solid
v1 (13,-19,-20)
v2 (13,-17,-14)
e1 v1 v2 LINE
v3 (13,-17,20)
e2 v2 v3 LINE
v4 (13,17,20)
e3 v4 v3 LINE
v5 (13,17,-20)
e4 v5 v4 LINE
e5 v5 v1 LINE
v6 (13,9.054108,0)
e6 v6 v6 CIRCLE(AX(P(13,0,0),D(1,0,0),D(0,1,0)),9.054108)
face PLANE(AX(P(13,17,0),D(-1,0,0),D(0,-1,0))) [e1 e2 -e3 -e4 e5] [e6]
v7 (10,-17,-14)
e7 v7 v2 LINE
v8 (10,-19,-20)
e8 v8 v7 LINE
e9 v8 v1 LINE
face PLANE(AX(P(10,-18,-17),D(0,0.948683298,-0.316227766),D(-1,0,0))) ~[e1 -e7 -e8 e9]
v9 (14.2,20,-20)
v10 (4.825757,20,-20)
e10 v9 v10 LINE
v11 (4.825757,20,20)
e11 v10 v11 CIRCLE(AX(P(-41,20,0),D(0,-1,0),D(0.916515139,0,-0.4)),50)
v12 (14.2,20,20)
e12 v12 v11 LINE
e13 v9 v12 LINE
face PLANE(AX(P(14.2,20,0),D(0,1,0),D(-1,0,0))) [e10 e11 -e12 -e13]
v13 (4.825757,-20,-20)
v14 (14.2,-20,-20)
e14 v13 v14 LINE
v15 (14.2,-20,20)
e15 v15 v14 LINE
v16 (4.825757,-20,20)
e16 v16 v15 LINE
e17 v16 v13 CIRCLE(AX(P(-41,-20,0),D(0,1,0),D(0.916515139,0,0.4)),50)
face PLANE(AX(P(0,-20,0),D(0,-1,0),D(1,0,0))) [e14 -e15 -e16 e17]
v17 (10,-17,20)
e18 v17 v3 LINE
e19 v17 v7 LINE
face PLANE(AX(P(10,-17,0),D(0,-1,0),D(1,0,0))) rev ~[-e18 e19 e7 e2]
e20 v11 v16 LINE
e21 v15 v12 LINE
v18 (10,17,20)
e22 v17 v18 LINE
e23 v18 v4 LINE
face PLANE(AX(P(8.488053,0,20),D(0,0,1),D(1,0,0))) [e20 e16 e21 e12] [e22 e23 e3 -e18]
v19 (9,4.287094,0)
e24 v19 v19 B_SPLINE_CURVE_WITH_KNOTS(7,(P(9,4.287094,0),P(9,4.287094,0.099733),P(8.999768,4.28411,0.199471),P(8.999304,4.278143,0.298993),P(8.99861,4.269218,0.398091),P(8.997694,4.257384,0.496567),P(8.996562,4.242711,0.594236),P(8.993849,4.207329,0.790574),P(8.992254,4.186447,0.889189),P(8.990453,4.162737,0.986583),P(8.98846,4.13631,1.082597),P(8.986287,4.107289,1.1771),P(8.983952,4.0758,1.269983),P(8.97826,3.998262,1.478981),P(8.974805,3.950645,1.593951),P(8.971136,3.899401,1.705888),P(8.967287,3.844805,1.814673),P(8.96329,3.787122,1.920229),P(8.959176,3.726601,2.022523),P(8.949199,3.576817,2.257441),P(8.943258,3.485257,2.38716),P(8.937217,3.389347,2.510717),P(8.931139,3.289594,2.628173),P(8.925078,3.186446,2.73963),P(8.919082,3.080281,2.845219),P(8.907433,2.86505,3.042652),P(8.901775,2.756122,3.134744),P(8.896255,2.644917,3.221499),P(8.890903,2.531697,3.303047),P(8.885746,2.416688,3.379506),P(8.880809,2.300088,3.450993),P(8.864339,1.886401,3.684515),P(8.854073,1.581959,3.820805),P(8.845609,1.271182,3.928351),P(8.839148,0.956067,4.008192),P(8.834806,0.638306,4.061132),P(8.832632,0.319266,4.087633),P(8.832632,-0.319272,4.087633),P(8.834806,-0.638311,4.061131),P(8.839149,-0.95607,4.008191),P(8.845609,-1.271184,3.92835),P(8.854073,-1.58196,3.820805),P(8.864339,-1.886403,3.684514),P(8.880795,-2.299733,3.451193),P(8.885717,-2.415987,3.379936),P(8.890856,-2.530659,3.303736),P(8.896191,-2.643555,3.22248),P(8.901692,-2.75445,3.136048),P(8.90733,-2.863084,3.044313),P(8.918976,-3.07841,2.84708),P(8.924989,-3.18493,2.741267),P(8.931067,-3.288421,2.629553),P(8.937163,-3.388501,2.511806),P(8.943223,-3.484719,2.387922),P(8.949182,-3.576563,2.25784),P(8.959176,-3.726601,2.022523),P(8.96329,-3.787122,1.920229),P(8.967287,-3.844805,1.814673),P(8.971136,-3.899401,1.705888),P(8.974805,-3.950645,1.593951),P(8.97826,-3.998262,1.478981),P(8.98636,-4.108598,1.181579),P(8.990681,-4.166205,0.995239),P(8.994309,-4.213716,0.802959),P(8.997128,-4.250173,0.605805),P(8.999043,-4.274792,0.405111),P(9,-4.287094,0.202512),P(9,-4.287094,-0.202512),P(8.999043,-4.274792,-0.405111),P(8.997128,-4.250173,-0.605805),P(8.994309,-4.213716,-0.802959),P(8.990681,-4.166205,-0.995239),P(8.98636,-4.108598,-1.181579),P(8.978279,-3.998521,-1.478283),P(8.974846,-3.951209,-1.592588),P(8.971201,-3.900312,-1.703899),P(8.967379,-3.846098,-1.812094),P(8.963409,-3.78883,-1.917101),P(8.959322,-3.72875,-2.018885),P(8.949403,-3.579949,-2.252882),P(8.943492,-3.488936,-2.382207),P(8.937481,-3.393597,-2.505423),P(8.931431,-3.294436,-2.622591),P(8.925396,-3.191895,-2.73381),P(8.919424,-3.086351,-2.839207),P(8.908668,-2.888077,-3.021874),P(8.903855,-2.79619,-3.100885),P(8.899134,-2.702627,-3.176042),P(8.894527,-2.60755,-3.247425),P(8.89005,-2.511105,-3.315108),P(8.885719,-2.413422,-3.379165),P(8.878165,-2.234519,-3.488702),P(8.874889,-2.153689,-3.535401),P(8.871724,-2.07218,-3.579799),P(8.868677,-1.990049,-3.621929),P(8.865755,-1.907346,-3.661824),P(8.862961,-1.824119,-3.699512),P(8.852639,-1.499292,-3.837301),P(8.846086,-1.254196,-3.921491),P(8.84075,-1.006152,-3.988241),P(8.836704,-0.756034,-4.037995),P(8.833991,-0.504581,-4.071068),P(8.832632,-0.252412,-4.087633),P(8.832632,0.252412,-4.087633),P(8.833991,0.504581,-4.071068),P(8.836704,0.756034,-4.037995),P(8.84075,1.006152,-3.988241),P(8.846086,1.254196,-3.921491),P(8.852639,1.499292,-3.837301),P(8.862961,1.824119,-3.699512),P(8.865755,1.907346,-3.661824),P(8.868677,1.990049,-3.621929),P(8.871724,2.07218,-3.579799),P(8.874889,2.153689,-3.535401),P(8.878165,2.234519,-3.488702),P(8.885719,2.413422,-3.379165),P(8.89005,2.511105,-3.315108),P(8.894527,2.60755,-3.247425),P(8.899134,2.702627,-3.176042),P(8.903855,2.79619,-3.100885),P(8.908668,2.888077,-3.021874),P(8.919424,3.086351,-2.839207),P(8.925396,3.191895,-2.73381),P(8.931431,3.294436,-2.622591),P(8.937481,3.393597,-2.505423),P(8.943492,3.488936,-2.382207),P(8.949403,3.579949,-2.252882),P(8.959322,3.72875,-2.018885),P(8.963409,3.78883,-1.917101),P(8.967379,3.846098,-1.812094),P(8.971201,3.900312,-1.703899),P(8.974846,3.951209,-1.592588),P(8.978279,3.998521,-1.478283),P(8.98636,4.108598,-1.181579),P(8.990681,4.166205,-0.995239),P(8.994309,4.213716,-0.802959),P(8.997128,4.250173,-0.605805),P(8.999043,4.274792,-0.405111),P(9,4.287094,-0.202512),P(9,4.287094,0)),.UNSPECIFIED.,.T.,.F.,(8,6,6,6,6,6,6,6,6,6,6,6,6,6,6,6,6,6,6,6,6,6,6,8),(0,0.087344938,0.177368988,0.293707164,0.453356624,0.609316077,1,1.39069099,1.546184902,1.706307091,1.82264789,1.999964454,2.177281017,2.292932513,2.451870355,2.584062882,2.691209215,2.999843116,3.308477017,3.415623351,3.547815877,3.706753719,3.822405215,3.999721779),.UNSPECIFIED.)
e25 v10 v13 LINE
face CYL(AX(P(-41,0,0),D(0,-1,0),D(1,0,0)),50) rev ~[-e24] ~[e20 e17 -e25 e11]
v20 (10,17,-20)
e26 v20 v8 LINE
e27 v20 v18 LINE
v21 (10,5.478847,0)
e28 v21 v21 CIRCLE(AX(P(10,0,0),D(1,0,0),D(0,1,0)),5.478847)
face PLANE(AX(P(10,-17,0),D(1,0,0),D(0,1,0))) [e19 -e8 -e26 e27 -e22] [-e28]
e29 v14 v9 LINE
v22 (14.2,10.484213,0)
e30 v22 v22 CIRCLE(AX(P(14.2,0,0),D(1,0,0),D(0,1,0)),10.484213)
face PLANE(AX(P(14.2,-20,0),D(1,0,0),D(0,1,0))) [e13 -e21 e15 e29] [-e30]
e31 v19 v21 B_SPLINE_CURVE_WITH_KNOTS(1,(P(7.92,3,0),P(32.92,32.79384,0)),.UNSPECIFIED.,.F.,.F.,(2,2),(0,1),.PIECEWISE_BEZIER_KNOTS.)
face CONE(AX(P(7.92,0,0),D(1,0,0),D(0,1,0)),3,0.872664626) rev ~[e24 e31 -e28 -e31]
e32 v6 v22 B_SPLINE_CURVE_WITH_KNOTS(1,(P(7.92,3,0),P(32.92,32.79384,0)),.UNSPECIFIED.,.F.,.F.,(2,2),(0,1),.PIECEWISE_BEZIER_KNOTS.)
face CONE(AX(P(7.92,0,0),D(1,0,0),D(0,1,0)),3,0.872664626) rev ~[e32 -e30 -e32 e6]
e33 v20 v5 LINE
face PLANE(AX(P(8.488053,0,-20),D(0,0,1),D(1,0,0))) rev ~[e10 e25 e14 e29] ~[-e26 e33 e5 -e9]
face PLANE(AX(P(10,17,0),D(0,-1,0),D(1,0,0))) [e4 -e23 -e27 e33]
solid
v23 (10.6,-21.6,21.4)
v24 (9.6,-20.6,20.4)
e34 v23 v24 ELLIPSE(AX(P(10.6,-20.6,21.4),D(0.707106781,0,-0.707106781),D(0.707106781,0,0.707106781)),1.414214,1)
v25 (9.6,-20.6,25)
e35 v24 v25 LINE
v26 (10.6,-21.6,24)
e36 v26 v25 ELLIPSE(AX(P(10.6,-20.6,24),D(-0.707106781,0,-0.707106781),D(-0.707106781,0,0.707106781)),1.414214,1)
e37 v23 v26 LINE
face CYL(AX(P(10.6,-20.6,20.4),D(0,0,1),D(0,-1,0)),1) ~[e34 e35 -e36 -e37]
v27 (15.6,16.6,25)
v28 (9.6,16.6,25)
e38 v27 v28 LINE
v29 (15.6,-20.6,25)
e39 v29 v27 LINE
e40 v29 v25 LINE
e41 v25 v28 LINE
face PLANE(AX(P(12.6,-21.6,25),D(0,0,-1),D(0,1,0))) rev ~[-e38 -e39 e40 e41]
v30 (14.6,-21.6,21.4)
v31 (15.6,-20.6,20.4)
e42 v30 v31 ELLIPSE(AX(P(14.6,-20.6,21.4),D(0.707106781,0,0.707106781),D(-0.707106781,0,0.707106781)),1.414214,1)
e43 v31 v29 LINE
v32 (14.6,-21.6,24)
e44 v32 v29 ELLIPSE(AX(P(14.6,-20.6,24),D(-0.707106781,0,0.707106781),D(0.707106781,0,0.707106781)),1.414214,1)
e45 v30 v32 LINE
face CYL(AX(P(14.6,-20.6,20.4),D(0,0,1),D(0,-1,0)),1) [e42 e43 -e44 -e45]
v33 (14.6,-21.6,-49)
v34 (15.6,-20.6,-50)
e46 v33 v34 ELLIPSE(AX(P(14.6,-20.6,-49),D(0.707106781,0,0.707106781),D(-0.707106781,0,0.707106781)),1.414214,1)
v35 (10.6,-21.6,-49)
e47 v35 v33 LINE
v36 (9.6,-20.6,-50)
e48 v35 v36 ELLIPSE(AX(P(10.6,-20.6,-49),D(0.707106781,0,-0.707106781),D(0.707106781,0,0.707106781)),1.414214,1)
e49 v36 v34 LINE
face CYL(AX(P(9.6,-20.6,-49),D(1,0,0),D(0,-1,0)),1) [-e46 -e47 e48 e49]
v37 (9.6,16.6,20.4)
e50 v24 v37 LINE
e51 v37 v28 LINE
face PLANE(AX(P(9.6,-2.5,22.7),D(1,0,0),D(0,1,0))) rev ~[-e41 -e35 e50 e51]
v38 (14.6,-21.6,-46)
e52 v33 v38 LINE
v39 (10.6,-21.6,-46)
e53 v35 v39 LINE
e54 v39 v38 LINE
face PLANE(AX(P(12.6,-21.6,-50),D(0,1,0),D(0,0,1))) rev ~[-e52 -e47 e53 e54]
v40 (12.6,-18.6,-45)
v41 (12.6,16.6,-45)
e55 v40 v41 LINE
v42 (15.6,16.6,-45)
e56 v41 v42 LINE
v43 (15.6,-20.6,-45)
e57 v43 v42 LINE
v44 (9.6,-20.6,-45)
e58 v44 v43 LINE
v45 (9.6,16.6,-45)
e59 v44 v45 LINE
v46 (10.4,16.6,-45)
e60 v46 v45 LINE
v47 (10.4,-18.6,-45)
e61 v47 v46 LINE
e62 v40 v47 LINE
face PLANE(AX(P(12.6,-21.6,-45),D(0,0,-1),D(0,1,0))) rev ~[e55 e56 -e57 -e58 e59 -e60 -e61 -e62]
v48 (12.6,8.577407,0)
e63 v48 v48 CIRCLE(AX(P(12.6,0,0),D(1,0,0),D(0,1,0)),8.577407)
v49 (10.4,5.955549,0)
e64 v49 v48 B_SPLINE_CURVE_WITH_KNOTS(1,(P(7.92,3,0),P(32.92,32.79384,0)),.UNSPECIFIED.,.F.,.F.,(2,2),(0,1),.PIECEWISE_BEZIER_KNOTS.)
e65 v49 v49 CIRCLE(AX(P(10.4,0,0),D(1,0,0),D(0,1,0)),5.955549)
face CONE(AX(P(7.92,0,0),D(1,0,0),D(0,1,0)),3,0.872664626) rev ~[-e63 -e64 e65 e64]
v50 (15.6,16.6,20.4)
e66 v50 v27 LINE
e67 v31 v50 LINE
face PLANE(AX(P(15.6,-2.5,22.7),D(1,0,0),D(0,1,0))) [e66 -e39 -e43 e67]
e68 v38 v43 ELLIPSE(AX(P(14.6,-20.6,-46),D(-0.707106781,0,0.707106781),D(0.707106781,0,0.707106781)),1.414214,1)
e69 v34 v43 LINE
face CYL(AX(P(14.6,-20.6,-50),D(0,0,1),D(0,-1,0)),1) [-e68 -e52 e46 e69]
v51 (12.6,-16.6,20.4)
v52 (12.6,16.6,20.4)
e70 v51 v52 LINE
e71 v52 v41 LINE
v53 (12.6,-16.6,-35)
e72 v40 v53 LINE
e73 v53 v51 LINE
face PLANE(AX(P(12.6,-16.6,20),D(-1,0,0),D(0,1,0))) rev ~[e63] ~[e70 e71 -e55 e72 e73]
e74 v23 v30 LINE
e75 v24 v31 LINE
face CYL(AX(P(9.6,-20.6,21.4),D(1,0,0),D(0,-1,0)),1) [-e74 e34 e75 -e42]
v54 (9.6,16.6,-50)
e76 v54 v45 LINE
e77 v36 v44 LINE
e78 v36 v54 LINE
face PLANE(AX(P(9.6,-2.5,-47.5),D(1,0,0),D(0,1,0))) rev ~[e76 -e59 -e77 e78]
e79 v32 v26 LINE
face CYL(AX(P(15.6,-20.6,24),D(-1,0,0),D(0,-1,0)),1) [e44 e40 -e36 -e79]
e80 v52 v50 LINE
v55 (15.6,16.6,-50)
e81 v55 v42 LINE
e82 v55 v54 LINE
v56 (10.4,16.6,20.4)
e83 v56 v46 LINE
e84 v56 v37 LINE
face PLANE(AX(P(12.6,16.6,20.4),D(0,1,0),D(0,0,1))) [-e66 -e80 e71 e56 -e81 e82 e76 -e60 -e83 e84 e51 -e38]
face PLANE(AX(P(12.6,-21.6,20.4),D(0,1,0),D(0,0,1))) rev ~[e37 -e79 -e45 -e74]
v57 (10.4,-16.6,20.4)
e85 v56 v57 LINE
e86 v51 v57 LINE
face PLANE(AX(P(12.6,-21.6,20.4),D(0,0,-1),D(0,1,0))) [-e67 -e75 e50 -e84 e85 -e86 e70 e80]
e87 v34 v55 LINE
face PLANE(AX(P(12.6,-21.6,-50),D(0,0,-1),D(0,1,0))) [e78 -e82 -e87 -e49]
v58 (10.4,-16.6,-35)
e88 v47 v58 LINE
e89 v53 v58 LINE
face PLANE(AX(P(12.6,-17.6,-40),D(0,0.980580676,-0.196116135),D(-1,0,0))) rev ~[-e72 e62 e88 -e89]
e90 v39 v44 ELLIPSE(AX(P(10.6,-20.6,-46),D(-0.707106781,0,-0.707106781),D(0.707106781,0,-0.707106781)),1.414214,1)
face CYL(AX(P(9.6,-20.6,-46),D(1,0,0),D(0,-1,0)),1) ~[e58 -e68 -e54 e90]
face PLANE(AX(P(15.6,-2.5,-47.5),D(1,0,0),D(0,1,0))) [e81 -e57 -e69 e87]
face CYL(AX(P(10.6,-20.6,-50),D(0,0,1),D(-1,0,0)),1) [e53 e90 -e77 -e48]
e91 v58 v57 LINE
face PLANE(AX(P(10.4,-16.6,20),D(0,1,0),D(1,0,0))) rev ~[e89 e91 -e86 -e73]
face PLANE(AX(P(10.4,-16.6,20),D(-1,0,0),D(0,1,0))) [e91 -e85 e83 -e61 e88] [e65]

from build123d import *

# Parameters (mm, degrees)
F0_W           = 3
F0_H           = 3
F1_DEPTH       = 20
F2_R           = 50
F3_DEPTH       = 25
F4_W           = 2.2
F4_H           = 33.2
F5_DEPTH       = 70
F5_DEPTH_BACK  = 5
F7_R           = 3
F8_DEPTH       = 25
F8_TAPER       = -50
F9_W           = 38.2
F9_H           = 4.6
F9_H_2         = 5
F10_DEPTH      = 3
F10_DEPTH_BACK = 3
F11_R          = 1
F12_SIZE2      = 10
F12_SIZE       = 2
F13_SIZE2      = 6
F13_SIZE       = 2


with BuildPart() as f1:
    # F0 (on Top) → F1 (new body, symmetric)
    with BuildSketch(Plane.XY):
        with BuildLine():
            Line((10, 20), (4.6257569496, 20))
            ThreePointArc((4.6257569496, 20), (7.7453156465, 10.2154821845), (8.8, 0))
            ThreePointArc((8.8, 0), (7.7453156465, -10.2154821845), (4.6257569496, -20))
            Line((4.6257569496, -20), (10, -20))
            Line((10, -20), (10, -17))
            Line((10, -17), (10, 17))
            Line((10, 17), (10, 20))
        make_face()
        with Locations((11.5, 18.5)):
            Rectangle(F0_W, F0_H)
        Polygon((14.2, 20), (13, 20), (13, 17), (13, -17), (13, -20), (14.2, -20), align=None)
        with Locations((11.5, -18.5)):
            Rectangle(F0_W, F0_H)
        with BuildLine():
            Line((4.6257569496, 20), (0, 20))
            Line((0, 20), (0, -20))
            Line((0, -20), (4.6257569496, -20))
            ThreePointArc((4.6257569496, -20), (7.7453156465, -10.2154821845), (8.8, 0))
            ThreePointArc((8.8, 0), (7.7453156465, 10.2154821845), (4.6257569496, 20))
        make_face()
    extrude(amount=F1_DEPTH, both=True)

    # F2 (on Front) → F3 (cut, symmetric)
    with BuildSketch(Plane.XZ):
        with Locations((-41, 0)):
            Circle(F2_R)
    extrude(amount=F3_DEPTH, both=True, mode=Mode.SUBTRACT)


with BuildPart() as f5:
    # F4 (on face) → F5 (new body, two sides)
    with BuildSketch(Plane.XY.offset(20)) as f5_sk:
        with Locations((11.5, 0)):
            Rectangle(F4_W, F4_H)
    extrude(amount=-F5_DEPTH)
    extrude(f5_sk.sketch, amount=F5_DEPTH_BACK)


with BuildPart() as f8_tool:
    # F7 (on offset) → F8 (new body)
    with BuildSketch(Plane.YZ.offset(7.92)):
        Circle(F7_R)
    extrude(amount=F8_DEPTH, taper=F8_TAPER)


with BuildPart() as f1_1:
    add(f1.part)

    # F8: cut by f8_tool
    add(f8_tool.part, mode=Mode.SUBTRACT)

    # F13
    f13_edges = [f1_1.edges().sort_by_distance(p)[0] for p in [
        (11.5, -17, -20),
    ]]
    f13_side = f1_1.faces().sort_by_distance((8.770355, 0, -20))[0]
    chamfer(f13_edges, length=F13_SIZE, length2=F13_SIZE2, reference=f13_side)


with BuildPart() as f5_1:
    add(f5.part)

    # F8: cut by f8_tool
    add(f8_tool.part, mode=Mode.SUBTRACT)

    # F9 (on face) → F10 (join, two sides)
    with BuildSketch(Plane.YZ.offset(12.6)) as f10_sk:
        with Locations((-2.5, 22.7)):
            Rectangle(F9_W, F9_H)
        with Locations((-2.5, -47.5)):
            Rectangle(F9_W, F9_H_2)
    extrude(amount=F10_DEPTH)
    extrude(f10_sk.sketch, amount=-F10_DEPTH_BACK)

    # F11
    f11_edges = [f5_1.edges().sort_by_distance(p)[0] for p in [
        (12.6, -21.6, -45),
        (15.6, -21.6, -47.5),
        (12.6, -21.6, -50),
        (9.6, -21.6, -47.5),
        (15.6, -21.6, 22.7),
        (12.6, -21.6, 20.4),
        (9.6, -21.6, 22.7),
        (12.6, -21.6, 25),
    ]]
    fillet(f11_edges, radius=F11_R)

    # F12
    f12_edges = [f5_1.edges().sort_by_distance(p)[0] for p in [
        (11.5, -16.6, -45),
    ]]
    f12_side = f5_1.faces().sort_by_distance((13.135056, -2.972829, -45))[0]
    chamfer(f12_edges, length=F12_SIZE, length2=F12_SIZE2, reference=f12_side)


solid = Compound([f1_1.part, f5_1.part])
